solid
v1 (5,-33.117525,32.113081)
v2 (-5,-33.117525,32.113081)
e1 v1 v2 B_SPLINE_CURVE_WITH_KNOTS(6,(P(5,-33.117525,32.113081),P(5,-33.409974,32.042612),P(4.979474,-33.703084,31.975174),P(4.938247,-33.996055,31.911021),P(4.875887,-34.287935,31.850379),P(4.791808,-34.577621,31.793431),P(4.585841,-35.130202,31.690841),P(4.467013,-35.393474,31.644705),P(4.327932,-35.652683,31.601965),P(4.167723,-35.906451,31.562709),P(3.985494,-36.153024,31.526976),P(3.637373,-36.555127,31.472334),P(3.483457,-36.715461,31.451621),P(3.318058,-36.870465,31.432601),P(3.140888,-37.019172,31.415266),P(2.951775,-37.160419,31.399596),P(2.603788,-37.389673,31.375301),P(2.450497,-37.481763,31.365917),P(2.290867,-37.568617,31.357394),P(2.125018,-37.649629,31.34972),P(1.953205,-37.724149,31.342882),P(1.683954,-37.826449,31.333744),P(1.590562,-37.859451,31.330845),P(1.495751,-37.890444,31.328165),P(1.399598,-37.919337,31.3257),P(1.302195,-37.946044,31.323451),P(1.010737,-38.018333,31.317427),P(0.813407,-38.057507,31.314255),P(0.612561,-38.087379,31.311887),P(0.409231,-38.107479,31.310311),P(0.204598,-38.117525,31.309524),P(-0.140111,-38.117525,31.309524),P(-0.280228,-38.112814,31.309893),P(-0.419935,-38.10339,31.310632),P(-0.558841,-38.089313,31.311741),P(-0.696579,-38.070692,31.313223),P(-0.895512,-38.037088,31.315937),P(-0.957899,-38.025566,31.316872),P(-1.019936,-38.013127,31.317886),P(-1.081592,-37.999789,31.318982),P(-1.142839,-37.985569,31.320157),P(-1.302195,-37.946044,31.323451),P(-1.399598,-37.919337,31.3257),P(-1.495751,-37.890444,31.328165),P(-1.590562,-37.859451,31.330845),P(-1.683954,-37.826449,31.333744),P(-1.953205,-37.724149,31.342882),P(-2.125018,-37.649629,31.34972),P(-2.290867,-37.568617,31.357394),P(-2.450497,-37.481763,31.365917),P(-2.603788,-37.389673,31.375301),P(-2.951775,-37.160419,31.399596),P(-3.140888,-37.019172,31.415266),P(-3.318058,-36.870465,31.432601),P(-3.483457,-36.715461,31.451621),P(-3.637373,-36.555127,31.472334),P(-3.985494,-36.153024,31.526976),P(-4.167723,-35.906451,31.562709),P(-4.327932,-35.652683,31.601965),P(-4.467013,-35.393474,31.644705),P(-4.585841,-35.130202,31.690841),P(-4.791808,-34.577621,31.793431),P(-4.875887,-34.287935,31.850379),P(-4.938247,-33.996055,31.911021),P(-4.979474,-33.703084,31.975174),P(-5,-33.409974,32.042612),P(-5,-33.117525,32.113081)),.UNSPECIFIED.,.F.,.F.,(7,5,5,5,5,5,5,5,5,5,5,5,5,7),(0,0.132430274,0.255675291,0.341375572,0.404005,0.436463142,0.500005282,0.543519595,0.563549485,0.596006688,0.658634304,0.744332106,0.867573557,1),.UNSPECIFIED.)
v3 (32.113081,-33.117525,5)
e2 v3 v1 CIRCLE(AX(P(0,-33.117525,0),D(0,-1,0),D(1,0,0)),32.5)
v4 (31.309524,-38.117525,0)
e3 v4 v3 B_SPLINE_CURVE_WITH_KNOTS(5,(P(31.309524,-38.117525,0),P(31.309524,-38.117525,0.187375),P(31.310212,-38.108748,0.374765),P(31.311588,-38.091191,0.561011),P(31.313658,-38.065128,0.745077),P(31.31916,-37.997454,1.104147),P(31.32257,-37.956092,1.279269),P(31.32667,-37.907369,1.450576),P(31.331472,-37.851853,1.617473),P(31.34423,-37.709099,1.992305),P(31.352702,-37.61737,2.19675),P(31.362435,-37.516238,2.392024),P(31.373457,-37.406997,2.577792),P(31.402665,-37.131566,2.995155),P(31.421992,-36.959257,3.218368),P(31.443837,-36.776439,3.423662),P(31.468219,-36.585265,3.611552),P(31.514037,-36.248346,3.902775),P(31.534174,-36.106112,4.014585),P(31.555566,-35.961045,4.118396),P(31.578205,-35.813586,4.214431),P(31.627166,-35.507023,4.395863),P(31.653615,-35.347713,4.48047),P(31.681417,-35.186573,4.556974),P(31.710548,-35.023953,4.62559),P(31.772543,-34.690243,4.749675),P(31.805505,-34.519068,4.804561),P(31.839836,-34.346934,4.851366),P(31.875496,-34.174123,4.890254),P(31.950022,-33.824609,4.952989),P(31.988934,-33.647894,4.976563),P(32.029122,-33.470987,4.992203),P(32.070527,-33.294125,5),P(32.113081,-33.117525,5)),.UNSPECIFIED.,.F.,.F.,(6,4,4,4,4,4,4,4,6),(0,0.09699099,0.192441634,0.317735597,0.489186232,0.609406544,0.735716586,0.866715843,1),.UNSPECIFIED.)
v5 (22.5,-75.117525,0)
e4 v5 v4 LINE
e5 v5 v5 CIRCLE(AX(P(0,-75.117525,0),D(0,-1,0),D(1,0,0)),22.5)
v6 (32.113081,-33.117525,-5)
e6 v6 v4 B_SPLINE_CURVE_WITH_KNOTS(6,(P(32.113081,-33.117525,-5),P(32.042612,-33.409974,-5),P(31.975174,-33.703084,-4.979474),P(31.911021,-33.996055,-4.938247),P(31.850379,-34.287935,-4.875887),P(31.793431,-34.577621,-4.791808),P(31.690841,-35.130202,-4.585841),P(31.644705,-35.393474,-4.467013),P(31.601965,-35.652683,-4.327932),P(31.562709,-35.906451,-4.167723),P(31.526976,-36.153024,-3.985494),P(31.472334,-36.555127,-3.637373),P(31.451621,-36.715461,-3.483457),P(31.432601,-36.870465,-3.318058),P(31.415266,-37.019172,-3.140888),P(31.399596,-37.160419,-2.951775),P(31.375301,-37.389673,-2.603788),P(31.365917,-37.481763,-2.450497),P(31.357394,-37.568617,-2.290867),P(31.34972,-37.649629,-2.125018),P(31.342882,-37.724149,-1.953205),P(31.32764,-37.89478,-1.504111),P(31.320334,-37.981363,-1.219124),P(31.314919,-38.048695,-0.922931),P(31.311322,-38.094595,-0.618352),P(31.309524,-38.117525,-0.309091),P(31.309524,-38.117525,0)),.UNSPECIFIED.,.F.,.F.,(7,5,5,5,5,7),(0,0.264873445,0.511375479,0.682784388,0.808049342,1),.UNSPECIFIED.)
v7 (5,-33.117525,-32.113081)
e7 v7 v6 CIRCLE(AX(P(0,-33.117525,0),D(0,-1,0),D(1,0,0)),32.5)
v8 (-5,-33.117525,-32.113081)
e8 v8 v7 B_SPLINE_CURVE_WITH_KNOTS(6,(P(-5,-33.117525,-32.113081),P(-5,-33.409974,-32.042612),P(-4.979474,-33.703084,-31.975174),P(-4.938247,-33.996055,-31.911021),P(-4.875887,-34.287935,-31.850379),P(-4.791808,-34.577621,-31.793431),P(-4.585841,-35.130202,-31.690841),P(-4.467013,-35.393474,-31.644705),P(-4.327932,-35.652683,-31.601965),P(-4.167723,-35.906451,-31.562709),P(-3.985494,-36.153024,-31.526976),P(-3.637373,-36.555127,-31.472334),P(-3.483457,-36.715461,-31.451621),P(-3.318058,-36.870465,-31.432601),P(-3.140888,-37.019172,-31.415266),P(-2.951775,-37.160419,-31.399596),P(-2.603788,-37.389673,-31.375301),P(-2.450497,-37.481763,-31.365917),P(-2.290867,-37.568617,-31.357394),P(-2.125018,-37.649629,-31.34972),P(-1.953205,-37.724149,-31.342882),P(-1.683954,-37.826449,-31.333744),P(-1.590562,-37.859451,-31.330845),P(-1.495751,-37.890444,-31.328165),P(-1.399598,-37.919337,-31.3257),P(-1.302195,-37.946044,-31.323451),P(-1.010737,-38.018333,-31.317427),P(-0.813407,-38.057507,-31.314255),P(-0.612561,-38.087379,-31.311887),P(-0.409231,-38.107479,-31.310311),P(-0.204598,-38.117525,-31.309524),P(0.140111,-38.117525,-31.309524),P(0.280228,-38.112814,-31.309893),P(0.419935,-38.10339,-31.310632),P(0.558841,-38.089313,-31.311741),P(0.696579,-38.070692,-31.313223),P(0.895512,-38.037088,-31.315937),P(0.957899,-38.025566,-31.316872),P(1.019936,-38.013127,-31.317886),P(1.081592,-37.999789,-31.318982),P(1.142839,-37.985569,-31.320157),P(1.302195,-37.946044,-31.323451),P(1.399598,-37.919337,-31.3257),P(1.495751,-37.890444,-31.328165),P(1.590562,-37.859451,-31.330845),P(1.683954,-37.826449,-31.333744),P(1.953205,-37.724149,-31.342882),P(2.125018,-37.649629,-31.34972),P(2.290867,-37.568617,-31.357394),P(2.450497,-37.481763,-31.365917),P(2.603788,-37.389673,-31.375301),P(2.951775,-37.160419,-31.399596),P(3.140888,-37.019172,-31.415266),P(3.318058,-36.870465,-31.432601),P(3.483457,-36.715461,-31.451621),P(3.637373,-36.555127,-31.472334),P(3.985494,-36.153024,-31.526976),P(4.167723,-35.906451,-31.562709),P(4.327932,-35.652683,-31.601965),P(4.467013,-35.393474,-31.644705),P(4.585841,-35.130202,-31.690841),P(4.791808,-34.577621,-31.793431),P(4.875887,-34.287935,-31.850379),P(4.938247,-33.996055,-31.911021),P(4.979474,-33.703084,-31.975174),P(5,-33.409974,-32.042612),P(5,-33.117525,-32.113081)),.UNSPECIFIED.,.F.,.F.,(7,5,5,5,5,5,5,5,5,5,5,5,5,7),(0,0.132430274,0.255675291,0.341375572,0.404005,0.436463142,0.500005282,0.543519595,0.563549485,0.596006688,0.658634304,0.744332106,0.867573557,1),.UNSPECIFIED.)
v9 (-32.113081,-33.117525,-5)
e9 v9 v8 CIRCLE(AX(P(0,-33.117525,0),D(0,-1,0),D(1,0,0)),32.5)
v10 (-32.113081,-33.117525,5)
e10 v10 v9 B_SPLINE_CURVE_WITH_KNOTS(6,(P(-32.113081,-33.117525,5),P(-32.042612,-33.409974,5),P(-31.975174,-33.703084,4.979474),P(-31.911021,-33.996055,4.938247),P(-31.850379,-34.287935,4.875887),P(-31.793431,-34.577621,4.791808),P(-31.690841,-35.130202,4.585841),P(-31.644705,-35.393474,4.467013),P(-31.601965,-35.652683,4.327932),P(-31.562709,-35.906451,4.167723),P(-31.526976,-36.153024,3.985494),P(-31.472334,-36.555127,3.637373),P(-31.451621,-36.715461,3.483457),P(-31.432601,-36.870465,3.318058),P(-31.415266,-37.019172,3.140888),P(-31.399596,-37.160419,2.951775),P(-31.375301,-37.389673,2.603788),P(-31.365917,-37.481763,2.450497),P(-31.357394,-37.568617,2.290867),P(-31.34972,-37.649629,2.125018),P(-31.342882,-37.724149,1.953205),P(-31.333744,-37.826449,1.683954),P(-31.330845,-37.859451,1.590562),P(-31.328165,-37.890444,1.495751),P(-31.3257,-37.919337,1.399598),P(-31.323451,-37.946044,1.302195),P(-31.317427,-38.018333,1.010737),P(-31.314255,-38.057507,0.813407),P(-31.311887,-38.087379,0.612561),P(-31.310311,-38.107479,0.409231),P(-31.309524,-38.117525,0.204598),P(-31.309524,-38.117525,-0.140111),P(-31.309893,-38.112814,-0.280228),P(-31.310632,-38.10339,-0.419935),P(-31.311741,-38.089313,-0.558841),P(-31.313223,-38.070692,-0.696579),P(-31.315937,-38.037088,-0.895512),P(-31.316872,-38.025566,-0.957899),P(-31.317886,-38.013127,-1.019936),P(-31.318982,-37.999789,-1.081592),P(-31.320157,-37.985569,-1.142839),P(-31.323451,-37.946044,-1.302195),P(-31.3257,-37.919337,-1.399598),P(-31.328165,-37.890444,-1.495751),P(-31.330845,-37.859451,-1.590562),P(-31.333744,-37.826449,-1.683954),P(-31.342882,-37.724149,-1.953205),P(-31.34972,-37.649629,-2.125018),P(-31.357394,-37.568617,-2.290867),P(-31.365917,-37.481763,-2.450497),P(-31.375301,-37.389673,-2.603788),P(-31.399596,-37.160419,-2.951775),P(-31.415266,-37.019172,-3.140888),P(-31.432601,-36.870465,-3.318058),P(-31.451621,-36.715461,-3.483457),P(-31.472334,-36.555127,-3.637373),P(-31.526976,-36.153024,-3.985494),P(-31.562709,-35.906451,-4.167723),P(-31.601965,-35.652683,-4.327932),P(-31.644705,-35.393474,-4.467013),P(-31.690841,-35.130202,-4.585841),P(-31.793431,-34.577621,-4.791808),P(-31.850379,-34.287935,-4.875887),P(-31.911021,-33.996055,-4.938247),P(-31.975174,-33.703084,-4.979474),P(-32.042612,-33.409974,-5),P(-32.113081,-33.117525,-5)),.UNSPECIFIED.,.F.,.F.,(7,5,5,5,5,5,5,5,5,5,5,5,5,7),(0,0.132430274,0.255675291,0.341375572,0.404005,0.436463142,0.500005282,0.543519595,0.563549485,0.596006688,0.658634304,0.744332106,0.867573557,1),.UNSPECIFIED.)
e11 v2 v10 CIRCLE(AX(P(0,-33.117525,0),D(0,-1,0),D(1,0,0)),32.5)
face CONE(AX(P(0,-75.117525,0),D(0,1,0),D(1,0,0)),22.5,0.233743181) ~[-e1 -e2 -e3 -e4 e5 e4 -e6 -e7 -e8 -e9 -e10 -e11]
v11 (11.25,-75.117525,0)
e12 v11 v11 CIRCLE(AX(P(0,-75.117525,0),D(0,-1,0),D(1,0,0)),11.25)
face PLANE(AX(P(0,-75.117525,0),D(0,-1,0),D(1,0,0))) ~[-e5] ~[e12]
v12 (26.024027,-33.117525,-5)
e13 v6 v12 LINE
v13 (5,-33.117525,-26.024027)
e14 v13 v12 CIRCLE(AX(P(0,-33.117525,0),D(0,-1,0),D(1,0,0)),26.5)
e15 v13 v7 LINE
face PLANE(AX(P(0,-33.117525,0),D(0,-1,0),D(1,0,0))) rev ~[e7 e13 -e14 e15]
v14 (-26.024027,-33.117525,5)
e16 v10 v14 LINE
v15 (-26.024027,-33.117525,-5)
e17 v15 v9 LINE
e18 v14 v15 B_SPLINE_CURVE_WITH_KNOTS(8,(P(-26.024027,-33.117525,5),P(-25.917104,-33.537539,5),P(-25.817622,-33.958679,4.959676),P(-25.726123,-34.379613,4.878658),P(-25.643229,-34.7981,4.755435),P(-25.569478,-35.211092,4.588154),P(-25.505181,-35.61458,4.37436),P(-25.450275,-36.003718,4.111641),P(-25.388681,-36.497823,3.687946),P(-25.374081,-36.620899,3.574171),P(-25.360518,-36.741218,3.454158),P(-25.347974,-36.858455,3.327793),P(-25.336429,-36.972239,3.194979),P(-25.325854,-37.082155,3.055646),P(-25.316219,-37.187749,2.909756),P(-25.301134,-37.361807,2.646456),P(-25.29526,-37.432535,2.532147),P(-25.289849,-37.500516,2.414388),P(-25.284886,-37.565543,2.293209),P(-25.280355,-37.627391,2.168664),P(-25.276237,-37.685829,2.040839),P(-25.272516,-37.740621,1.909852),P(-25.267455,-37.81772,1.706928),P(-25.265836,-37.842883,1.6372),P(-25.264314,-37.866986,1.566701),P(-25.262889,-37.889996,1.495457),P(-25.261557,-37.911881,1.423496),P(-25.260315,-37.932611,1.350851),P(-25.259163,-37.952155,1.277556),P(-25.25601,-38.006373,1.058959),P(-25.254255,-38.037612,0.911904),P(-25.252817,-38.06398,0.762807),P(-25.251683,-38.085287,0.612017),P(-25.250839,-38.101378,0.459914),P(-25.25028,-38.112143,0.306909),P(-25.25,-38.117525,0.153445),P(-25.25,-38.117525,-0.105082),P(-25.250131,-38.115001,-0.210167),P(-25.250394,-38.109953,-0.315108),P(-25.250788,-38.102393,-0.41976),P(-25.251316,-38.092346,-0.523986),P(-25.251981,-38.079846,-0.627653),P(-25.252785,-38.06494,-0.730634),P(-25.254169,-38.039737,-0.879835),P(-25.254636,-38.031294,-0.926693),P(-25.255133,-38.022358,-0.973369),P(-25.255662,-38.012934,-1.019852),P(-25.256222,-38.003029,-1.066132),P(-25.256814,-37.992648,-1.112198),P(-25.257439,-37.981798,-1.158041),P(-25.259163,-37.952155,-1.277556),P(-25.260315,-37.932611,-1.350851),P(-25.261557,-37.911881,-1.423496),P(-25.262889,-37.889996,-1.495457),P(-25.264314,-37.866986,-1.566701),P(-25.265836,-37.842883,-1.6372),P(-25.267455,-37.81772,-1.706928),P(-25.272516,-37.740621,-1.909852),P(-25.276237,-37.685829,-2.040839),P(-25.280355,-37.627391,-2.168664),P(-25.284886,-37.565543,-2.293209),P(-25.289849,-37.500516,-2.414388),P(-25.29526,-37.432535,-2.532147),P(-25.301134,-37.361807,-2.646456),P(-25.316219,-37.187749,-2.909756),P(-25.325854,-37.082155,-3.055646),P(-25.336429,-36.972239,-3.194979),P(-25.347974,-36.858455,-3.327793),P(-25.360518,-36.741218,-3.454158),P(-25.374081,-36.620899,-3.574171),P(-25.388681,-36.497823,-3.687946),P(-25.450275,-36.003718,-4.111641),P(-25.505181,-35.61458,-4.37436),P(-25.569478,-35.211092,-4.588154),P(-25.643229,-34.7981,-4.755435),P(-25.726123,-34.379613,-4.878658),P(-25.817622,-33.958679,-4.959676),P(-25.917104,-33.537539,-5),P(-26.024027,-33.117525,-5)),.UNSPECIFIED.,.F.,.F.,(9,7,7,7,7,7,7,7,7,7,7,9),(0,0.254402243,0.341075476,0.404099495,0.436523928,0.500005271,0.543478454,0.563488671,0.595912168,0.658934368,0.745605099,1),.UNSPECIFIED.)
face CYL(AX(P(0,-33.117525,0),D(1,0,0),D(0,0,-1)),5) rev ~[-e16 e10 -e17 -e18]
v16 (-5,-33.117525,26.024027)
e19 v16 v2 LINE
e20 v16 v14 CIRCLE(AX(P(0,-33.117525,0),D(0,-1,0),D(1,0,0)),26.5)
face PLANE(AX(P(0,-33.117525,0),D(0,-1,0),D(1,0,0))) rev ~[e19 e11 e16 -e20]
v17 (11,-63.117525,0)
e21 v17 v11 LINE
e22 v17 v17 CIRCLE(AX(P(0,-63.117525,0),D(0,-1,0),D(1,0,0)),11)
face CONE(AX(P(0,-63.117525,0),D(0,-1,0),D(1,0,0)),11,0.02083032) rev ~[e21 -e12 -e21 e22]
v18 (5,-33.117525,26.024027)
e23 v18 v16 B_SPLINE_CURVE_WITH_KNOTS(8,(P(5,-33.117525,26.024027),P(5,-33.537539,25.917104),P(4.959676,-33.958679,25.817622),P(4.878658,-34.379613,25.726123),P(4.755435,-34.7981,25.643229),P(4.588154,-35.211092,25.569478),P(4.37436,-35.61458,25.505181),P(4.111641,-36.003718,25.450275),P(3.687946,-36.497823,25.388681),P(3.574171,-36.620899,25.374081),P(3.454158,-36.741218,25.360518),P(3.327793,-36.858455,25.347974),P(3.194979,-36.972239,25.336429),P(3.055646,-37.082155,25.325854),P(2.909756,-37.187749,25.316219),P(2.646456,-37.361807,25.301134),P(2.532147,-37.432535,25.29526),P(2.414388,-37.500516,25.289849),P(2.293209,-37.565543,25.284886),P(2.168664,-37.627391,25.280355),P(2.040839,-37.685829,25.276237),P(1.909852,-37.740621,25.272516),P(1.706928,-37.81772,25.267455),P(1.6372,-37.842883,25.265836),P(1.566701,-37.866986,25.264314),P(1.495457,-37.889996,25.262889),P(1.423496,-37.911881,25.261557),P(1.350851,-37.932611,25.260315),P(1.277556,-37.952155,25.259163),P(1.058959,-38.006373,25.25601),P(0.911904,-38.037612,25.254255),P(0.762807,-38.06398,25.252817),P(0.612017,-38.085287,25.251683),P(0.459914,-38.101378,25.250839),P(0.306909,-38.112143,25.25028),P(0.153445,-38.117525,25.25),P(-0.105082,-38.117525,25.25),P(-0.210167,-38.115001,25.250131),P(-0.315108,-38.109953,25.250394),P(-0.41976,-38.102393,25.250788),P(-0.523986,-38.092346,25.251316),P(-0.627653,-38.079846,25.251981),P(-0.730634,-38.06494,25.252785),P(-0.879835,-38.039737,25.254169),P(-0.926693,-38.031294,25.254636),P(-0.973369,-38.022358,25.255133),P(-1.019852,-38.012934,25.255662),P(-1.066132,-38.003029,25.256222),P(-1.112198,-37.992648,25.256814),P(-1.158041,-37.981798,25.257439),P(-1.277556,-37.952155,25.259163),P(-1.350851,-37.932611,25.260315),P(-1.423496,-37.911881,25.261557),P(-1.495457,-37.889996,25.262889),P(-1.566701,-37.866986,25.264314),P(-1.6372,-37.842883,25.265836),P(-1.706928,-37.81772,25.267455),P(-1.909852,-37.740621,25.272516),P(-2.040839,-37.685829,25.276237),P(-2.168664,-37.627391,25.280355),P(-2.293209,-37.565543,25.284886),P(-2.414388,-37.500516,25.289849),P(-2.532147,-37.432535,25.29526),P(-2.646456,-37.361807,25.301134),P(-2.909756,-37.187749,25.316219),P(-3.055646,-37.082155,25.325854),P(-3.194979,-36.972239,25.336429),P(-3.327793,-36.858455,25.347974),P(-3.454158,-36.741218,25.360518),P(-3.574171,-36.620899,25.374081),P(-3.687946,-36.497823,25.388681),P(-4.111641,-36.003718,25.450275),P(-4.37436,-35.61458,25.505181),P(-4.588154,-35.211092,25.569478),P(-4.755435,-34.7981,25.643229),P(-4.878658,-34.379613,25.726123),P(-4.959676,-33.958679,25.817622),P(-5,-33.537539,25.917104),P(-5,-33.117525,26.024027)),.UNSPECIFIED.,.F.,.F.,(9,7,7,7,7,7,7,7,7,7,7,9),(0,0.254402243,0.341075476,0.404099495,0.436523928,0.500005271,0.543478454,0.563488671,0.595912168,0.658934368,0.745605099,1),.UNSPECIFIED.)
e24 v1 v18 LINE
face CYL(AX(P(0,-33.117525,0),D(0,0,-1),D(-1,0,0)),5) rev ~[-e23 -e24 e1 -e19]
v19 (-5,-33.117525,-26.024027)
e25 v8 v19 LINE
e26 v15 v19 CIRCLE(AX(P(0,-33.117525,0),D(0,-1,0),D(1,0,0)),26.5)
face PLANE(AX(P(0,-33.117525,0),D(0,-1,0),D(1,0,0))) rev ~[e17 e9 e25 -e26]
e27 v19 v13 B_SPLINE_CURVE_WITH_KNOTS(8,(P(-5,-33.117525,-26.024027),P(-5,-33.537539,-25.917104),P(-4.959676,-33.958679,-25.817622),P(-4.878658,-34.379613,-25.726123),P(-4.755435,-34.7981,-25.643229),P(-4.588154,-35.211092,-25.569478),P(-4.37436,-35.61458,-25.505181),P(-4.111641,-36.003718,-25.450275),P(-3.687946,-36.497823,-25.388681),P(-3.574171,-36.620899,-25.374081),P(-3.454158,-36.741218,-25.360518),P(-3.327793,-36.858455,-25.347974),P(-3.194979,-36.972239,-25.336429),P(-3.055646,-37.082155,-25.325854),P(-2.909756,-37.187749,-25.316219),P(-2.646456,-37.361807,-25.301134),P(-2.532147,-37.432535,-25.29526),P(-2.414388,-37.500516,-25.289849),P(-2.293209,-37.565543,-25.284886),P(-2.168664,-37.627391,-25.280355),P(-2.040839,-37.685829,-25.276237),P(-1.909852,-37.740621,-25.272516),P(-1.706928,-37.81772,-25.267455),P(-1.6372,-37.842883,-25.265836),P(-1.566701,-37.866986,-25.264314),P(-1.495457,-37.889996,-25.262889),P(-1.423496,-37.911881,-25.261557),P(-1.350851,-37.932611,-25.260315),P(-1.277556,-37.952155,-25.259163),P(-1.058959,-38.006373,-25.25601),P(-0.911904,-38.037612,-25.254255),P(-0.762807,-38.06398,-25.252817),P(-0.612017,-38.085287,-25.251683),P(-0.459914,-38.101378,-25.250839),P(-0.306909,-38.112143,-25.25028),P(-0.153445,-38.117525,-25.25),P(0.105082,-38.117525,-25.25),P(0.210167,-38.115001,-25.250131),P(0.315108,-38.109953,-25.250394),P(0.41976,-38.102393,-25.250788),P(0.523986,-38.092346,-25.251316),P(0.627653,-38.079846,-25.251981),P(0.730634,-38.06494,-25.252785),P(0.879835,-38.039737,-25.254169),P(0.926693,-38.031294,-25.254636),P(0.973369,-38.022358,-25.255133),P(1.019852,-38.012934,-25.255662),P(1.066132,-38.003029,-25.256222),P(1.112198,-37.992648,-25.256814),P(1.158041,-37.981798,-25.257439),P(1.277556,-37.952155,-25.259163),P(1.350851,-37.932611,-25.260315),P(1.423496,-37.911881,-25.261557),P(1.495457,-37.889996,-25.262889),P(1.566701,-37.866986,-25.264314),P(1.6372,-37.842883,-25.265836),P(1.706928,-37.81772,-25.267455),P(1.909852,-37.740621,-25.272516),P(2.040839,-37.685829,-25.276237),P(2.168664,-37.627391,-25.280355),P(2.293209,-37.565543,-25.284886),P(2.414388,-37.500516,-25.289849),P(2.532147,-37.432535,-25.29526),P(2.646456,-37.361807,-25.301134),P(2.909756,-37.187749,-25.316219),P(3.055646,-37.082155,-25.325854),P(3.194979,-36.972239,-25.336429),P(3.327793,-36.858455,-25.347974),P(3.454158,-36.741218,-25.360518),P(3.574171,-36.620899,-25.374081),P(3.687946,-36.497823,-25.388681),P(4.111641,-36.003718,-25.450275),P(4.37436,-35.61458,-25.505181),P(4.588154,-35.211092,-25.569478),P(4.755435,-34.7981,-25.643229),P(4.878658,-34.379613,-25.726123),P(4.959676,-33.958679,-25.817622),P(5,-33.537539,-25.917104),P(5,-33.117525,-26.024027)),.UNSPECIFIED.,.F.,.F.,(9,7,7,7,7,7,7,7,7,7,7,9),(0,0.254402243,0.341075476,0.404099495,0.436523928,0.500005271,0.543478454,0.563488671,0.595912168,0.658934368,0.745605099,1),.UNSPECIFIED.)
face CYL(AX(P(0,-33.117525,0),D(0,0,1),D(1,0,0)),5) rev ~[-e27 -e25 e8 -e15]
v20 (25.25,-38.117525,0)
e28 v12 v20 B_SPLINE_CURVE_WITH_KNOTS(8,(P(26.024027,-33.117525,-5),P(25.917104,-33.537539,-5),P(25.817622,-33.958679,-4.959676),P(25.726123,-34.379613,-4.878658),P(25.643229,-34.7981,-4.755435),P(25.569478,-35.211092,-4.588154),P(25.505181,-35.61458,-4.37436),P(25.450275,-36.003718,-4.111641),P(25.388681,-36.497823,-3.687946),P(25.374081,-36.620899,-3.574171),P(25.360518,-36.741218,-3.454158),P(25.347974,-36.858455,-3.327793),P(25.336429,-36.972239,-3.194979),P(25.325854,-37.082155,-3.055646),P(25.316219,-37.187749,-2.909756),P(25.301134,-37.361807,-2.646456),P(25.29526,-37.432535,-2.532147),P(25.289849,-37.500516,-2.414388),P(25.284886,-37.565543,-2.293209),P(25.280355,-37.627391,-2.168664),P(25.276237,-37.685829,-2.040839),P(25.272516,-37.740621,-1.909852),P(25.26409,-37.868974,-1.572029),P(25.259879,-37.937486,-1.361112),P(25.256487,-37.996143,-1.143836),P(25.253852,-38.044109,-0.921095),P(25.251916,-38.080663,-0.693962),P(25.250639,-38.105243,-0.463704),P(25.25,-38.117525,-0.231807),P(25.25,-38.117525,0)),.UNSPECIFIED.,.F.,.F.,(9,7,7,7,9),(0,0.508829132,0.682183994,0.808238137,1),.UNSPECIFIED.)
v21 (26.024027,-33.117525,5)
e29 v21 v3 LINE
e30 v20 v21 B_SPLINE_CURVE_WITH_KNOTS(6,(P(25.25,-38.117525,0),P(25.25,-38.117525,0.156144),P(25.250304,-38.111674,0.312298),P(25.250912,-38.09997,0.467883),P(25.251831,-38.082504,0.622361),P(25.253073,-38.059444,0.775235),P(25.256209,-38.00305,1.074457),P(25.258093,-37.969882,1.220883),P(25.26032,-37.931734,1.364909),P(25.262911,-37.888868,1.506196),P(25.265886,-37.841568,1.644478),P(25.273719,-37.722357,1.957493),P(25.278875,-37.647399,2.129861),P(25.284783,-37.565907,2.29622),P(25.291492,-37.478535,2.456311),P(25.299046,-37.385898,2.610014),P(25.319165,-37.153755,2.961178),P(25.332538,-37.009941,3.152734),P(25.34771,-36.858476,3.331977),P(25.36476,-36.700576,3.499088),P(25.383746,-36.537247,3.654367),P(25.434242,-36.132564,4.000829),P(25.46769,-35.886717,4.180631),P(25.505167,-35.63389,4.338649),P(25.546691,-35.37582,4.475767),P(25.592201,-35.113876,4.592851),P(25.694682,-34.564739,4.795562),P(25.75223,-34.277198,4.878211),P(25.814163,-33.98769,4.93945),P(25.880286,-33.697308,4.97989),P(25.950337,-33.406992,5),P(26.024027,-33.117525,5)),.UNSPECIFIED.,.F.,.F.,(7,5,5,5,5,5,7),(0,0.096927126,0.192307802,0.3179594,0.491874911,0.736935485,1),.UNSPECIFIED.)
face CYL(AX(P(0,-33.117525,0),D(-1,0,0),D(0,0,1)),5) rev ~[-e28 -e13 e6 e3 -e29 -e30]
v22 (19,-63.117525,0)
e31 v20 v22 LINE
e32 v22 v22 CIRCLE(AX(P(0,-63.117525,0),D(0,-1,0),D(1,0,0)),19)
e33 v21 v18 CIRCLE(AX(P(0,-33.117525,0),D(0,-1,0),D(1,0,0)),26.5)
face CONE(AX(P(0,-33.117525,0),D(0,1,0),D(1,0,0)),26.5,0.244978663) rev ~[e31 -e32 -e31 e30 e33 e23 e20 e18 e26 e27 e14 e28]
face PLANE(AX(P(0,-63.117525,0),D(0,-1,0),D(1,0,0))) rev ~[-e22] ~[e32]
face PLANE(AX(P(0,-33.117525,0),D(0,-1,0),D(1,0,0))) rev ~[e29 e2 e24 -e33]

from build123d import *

# Parameters (mm, degrees)
SKETCH2_R          = 5
CUT_EXTRUDE1_DEPTH = 56
CIRPATTERN1_COUNT  = 4


with BuildPart() as part:
    # Sketch1 → Revolve1 (revolve)
    with BuildSketch(Plane.XY):
        Polygon((11.25, -75.117525247), (22.5, -75.117525247), (32.5, -33.117525247), (26.5, -33.117525247), (19, -63.117525247), (11, -63.117525247), align=None)
    revolve(axis=Axis((0, 54.787552818, 0), (0, -1, 0)))

    # Sketch2 → Cut-Extrude1 (cut)
    with BuildSketch(Plane.XY):
        with Locations((0, -33.117525247)):
            Circle(SKETCH2_R)
    cut_extrude1 = extrude(amount=-CUT_EXTRUDE1_DEPTH, mode=Mode.SUBTRACT)

    # CirPattern1: Cut-Extrude1 ×4 about axis
    cirpattern1_axis = Axis((0, -63.117525247, 0), (0, -1, 0))
    for i in range(1, CIRPATTERN1_COUNT):
        add(cut_extrude1.rotate(cirpattern1_axis, i * 360 / CIRPATTERN1_COUNT), mode=Mode.SUBTRACT)


solid = part.part
